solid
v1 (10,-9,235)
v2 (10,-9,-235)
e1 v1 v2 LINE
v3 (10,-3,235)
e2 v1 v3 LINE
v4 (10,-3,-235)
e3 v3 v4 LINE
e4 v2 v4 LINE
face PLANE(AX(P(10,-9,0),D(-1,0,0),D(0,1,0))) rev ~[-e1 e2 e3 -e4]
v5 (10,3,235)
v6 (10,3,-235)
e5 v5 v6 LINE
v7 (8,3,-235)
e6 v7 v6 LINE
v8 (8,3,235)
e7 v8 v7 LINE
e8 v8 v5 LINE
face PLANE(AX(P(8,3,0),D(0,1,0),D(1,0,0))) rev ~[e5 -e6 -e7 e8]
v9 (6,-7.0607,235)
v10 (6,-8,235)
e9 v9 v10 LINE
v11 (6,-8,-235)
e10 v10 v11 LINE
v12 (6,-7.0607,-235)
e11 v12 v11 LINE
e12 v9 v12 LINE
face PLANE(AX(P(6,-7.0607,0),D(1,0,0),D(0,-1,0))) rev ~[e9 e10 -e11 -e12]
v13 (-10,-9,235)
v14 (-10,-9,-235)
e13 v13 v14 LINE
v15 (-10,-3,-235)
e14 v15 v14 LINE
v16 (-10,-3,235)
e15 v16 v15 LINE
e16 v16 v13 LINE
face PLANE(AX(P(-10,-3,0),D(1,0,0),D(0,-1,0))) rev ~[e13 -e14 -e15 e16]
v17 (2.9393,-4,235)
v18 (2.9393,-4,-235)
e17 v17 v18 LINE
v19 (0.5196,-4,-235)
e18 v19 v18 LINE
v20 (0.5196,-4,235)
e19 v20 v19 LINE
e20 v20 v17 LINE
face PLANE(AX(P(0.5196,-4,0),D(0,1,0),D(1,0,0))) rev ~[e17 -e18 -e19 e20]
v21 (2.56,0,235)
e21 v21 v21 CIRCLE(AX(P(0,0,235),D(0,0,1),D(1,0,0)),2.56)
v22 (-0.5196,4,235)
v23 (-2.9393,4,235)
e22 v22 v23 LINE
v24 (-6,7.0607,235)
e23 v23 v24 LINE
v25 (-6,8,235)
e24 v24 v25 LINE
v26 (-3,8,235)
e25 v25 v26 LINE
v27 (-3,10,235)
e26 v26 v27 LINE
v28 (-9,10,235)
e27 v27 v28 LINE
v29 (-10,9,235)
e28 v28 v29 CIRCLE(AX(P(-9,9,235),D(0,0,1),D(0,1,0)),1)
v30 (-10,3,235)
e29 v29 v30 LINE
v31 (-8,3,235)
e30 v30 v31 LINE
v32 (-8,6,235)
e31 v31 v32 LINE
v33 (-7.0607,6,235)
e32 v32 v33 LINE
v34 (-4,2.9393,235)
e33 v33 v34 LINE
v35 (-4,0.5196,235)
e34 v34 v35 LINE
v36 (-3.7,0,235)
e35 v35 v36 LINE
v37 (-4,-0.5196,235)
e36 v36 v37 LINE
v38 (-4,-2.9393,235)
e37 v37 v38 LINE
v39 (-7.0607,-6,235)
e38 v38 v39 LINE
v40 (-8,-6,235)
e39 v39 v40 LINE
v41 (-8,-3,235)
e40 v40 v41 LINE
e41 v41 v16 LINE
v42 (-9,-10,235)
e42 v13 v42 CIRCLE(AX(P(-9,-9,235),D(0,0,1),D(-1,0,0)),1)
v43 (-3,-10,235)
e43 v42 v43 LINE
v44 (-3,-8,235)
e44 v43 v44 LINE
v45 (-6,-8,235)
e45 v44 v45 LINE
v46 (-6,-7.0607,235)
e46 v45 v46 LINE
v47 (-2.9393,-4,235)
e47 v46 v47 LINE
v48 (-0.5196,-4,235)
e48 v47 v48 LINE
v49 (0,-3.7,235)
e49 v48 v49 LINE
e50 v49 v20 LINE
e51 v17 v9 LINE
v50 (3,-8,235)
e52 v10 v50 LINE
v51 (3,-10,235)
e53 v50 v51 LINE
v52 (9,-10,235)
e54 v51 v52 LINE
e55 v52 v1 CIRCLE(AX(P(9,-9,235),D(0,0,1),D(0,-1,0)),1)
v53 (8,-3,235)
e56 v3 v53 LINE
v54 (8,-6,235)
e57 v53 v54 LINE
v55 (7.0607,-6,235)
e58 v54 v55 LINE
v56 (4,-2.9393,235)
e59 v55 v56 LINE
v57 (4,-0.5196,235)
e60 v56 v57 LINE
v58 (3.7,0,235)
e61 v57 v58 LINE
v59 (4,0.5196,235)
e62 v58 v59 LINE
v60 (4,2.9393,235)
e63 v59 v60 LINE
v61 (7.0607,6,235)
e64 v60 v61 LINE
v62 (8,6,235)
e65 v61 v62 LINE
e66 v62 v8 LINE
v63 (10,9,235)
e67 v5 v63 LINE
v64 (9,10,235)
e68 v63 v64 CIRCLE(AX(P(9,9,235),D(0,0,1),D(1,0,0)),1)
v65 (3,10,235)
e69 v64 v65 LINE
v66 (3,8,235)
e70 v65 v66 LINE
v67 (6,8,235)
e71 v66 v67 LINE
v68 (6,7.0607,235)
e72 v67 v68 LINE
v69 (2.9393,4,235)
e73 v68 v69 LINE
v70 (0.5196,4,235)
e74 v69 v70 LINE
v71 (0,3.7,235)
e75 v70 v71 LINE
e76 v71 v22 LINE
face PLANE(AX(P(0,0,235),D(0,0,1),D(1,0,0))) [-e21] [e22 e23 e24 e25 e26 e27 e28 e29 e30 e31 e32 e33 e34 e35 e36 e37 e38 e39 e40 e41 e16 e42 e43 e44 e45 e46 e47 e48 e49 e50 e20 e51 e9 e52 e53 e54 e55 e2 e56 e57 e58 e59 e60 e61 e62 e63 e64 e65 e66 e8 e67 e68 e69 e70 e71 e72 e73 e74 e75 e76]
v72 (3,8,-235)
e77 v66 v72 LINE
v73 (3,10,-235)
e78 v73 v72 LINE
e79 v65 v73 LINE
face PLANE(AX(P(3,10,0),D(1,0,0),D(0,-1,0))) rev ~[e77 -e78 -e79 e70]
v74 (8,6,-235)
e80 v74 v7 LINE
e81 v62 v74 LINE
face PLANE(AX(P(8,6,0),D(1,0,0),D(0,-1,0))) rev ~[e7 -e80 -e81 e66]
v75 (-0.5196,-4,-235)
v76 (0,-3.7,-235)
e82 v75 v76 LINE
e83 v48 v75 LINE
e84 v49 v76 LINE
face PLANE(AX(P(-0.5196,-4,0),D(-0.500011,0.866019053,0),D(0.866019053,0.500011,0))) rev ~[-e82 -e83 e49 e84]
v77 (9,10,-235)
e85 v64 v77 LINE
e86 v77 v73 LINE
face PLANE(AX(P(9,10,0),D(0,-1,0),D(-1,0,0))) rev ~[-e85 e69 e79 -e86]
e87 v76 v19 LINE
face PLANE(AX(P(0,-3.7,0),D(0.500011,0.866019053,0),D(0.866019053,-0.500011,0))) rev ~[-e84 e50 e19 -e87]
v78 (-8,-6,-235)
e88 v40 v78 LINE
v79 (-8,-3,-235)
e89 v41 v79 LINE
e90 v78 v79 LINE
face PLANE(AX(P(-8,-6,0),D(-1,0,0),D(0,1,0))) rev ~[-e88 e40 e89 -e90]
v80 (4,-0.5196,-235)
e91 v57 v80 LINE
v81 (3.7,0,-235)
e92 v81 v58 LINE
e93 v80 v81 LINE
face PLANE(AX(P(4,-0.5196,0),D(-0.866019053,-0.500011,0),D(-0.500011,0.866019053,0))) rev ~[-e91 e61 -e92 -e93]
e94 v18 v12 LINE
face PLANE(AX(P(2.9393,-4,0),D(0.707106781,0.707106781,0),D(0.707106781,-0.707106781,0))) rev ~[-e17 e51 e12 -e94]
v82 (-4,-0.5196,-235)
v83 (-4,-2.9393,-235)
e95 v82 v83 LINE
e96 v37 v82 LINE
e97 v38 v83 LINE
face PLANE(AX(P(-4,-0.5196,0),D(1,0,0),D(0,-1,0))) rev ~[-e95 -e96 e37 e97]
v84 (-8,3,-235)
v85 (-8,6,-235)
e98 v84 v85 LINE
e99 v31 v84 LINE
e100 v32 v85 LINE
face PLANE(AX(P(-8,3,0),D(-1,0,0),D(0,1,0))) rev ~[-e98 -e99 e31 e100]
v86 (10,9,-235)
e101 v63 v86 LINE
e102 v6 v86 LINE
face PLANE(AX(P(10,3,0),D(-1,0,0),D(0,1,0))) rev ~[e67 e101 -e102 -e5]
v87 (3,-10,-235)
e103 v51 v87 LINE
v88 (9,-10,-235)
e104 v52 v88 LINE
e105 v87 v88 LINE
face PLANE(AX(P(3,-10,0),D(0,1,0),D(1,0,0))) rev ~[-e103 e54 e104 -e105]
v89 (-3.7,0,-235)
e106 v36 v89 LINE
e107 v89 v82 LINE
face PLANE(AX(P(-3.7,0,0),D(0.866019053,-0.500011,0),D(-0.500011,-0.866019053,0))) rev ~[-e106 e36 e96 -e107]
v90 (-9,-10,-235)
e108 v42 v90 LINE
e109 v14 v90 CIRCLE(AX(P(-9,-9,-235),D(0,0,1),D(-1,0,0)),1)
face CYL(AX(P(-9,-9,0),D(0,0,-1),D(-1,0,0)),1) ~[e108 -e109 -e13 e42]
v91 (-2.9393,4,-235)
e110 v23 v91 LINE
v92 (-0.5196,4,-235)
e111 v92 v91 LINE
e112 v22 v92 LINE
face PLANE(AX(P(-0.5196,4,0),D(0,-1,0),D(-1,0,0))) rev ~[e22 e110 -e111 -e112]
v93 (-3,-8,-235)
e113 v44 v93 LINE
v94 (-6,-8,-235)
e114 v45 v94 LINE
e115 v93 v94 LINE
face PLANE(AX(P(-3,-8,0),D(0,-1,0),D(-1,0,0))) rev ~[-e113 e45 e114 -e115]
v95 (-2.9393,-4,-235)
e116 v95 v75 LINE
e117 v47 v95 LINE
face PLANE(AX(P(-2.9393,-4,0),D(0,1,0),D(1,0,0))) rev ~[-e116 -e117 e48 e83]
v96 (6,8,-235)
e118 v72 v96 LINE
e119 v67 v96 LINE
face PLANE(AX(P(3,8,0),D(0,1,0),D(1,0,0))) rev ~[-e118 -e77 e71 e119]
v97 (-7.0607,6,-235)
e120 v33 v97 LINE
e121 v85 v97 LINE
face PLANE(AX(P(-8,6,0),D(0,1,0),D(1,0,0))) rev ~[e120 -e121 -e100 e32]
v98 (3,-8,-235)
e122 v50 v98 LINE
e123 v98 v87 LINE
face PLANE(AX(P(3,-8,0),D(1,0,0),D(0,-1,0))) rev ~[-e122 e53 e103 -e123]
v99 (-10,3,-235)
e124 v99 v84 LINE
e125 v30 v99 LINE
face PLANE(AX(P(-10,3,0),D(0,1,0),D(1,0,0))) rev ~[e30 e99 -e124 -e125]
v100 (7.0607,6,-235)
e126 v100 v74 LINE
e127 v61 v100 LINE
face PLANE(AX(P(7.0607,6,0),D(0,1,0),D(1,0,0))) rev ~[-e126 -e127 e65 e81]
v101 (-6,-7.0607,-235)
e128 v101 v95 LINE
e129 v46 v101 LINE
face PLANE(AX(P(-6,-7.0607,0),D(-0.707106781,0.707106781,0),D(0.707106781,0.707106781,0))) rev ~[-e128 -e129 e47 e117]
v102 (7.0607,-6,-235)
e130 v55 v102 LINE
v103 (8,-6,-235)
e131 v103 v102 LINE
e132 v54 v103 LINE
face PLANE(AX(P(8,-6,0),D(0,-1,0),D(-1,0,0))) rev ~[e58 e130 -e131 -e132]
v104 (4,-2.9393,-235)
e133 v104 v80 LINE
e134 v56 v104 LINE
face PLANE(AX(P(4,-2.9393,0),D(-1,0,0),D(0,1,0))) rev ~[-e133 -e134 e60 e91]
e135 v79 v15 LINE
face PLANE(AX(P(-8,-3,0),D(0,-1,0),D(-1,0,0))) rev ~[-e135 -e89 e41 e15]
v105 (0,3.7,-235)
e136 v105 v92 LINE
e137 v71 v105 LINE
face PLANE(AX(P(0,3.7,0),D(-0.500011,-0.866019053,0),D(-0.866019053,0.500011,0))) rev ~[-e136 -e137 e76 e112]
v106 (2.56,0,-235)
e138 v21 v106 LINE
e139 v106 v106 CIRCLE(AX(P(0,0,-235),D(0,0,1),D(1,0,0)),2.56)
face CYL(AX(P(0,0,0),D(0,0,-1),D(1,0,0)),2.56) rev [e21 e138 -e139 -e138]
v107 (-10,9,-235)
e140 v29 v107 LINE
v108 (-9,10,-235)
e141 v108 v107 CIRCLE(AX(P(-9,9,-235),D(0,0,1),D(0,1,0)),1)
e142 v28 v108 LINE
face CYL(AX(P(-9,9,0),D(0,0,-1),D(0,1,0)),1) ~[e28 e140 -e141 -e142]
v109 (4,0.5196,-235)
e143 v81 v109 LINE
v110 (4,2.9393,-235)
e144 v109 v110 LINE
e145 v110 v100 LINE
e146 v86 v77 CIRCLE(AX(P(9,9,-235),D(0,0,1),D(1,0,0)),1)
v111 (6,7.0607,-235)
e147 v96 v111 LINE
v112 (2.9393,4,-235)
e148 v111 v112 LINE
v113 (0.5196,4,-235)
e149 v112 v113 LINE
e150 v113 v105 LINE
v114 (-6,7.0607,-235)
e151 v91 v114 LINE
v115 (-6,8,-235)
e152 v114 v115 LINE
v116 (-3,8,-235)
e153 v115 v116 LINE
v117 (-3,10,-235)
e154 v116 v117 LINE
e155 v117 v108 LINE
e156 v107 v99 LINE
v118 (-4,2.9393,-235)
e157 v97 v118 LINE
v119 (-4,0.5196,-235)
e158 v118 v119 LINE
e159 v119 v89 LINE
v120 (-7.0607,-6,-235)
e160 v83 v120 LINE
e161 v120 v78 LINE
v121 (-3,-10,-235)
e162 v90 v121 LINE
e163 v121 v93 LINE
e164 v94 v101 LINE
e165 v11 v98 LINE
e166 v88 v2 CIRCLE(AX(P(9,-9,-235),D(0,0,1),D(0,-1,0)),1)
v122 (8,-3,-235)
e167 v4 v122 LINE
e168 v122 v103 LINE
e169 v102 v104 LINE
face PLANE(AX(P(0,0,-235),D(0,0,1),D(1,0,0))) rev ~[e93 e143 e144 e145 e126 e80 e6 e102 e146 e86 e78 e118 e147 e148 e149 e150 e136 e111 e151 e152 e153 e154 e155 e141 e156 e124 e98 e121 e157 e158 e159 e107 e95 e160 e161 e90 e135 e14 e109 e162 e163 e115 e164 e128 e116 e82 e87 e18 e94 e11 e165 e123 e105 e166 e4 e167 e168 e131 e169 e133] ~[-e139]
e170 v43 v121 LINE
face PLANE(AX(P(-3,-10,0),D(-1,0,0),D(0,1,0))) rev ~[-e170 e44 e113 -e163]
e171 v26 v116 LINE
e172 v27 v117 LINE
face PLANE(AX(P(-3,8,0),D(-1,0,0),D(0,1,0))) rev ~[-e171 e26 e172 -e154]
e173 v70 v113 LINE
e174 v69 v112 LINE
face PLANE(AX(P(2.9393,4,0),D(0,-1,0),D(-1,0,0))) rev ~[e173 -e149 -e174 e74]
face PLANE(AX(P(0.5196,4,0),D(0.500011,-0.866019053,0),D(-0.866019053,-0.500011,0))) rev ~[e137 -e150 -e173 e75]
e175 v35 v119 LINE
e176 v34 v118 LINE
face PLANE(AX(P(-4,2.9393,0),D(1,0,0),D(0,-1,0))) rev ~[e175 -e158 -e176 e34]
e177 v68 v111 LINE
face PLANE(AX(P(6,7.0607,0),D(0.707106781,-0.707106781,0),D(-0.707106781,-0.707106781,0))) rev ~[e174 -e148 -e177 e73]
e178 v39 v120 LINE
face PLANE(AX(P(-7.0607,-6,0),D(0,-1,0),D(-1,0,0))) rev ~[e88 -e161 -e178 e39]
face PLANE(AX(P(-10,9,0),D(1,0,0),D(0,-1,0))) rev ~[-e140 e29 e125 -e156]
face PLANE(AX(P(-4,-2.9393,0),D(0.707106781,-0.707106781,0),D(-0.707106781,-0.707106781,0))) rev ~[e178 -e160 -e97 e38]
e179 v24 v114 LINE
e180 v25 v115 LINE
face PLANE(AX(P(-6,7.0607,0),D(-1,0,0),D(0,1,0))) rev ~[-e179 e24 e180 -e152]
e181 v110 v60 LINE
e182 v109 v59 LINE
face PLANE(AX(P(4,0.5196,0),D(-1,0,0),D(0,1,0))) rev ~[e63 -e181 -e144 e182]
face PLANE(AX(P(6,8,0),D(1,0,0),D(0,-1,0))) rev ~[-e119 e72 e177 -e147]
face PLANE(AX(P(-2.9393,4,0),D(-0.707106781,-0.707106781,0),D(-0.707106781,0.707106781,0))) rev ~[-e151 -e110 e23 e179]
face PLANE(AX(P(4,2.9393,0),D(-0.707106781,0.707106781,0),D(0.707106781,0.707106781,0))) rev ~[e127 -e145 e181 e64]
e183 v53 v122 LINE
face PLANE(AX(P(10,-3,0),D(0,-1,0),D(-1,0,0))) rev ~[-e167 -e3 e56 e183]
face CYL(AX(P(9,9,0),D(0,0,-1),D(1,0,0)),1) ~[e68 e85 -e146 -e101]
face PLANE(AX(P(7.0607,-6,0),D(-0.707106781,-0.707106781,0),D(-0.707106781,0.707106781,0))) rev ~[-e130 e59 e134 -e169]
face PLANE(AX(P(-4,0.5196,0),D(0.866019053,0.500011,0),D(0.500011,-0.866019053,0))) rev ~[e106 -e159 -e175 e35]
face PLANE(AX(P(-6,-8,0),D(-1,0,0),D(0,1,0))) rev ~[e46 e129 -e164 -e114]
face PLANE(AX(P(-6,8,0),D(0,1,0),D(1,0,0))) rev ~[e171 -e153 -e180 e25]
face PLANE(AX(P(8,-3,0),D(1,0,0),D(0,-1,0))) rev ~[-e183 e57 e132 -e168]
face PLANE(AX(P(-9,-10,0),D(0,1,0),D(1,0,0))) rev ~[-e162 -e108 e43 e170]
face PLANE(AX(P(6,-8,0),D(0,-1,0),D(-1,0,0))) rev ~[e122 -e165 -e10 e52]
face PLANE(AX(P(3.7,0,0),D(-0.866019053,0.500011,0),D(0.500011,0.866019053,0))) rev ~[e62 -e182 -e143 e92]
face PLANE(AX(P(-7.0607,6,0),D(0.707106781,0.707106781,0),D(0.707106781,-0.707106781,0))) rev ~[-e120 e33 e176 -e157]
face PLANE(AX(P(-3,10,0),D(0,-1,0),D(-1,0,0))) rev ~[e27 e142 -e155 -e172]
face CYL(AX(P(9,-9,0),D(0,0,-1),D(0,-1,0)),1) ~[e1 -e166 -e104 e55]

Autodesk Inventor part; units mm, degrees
ref_plane "YZ Plane" through (0, 0, 0) normal (1, 0, 0) x (0, 1, 0)
ref_plane "XZ Plane" through (0, 0, 0) normal (0, 1, 0) x (-1, 0, 0)
ref_plane "XY Plane" through (0, 0, 0) normal (0, 0, 1) x (1, 0, 0)
sketch "Skizze1" plane through (0, 0, 0) normal (0, 0, 1) x (1, 0, 0)
  line L0 (3.7, 0) -> (4, 0.5196)
  line L1 (4, 0.5196) -> (4, 2.9393)
  line L2 (4, 2.9393) -> (7.0607, 6)
  line L3 (7.0607, 6) -> (8, 6)
  line L4 (8, 6) -> (8, 3)
  line L5 (8, 3) -> (10, 3)
  line L6 (10, 3) -> (10, 9)
  arc A0 (10, 9) -> (9, 10) centre (9, 9) ccw
  line L7 (9, 10) -> (3, 10)
  line L8 (3, 10) -> (3, 8)
  line L9 (3, 8) -> (6, 8)
  line L10 (6, 8) -> (6, 7.0607)
  line L11 (6, 7.0607) -> (2.9393, 4)
  line L12 (2.9393, 4) -> (0.5196, 4)
  line L13 (0.5196, 4) -> (0, 3.7)
  circle A1 centre (0, 0) radius 2.56
  line L14 (0, 0) -> (9.7071, 9.7071) construction
  line L15 (-14.2899, 0) -> (14.2899, 0) construction
  line L16 (0, -14.2899) -> (0, 14.2899) construction
  line L17 (0, 3.7) -> (-0.5196, 4)
  line L18 (-0.5196, 4) -> (-2.9393, 4)
  line L19 (-3, 8) -> (-3, 10)
  line L20 (-4, 0.5196) -> (-3.7, 0)
  line L21 (-4, 2.9393) -> (-4, 0.5196)
  line L22 (-6, 7.0607) -> (-6, 8)
  line L23 (-6, 8) -> (-3, 8)
  line L24 (-7.0607, 6) -> (-4, 2.9393)
  line L25 (0, 0) -> (-9.7071, 9.7071) construction
  line L26 (-8, 6) -> (-7.0607, 6)
  line L27 (-2.9393, 4) -> (-6, 7.0607)
  line L28 (-8, 3) -> (-8, 6)
  line L29 (-10, 3) -> (-8, 3)
  arc A2 (-9, 10) -> (-10, 9) centre (-9, 9) ccw
  line L30 (-10, 9) -> (-10, 3)
  line L31 (-3, 10) -> (-9, 10)
  line L32 (-3.7, 0) -> (-4, -0.5196)
  line L33 (-4, -0.5196) -> (-4, -2.9393)
  line L34 (-8, -3) -> (-10, -3)
  line L35 (-0.5196, -4) -> (0, -3.7)
  line L36 (-2.9393, -4) -> (-0.5196, -4)
  line L37 (-7.0607, -6) -> (-8, -6)
  line L38 (-8, -6) -> (-8, -3)
  line L39 (-6, -7.0607) -> (-2.9393, -4)
  line L40 (0, 0) -> (-9.7071, -9.7071) construction
  line L41 (-6, -8) -> (-6, -7.0607)
  line L42 (-4, -2.9393) -> (-7.0607, -6)
  line L43 (-3, -8) -> (-6, -8)
  line L44 (-3, -10) -> (-3, -8)
  arc A3 (-10, -9) -> (-9, -10) centre (-9, -9) ccw
  line L45 (-9, -10) -> (-3, -10)
  line L46 (-10, -3) -> (-10, -9)
  line L47 (0, -3.7) -> (0.5196, -4)
  line L48 (0.5196, -4) -> (2.9393, -4)
  line L49 (3, -8) -> (3, -10)
  line L50 (4, -0.5196) -> (3.7, 0)
  line L51 (4, -2.9393) -> (4, -0.5196)
  line L52 (6, -7.0607) -> (6, -8)
  line L53 (6, -8) -> (3, -8)
  line L54 (7.0607, -6) -> (4, -2.9393)
  line L55 (0, 0) -> (9.7071, -9.7071) construction
  line L56 (8, -6) -> (7.0607, -6)
  line L57 (2.9393, -4) -> (6, -7.0607)
  line L58 (8, -3) -> (8, -6)
  line L59 (10, -3) -> (8, -3)
  arc A4 (9, -10) -> (10, -9) centre (9, -9) ccw
  line L60 (10, -9) -> (10, -3)
  line L61 (3, -10) -> (9, -10)
  point P0 (-3.7, 0)
  point P1 (0, -3.7)
  dimension "d14" = 1.5
  dimension "d15" = 3
  dimension "d16" = 4
  dimension "d17" = 0.3
  dimension "d18" = 2
  dimension "d19" = 6
  dimension "d20" = 10
  dimension "d21" = 10
  dimension "d22" = 2
  dimension "d23" = 3
  dimension "d24" = 6
  dimension "d25" = 1
  dimension "d26" = 4
  dimension "d27" = 0.3
  dimension "d28" = 0.5196
  dimension "d29" = 0.5196
  dimension "d30" = 5.12
  dimension "d33" = 360
extrude "Extrusion1" add sketch "Skizze1" along normal mid plane 470
properties part number "Extrusion_20x20x470" material "Aluminium 6061"
